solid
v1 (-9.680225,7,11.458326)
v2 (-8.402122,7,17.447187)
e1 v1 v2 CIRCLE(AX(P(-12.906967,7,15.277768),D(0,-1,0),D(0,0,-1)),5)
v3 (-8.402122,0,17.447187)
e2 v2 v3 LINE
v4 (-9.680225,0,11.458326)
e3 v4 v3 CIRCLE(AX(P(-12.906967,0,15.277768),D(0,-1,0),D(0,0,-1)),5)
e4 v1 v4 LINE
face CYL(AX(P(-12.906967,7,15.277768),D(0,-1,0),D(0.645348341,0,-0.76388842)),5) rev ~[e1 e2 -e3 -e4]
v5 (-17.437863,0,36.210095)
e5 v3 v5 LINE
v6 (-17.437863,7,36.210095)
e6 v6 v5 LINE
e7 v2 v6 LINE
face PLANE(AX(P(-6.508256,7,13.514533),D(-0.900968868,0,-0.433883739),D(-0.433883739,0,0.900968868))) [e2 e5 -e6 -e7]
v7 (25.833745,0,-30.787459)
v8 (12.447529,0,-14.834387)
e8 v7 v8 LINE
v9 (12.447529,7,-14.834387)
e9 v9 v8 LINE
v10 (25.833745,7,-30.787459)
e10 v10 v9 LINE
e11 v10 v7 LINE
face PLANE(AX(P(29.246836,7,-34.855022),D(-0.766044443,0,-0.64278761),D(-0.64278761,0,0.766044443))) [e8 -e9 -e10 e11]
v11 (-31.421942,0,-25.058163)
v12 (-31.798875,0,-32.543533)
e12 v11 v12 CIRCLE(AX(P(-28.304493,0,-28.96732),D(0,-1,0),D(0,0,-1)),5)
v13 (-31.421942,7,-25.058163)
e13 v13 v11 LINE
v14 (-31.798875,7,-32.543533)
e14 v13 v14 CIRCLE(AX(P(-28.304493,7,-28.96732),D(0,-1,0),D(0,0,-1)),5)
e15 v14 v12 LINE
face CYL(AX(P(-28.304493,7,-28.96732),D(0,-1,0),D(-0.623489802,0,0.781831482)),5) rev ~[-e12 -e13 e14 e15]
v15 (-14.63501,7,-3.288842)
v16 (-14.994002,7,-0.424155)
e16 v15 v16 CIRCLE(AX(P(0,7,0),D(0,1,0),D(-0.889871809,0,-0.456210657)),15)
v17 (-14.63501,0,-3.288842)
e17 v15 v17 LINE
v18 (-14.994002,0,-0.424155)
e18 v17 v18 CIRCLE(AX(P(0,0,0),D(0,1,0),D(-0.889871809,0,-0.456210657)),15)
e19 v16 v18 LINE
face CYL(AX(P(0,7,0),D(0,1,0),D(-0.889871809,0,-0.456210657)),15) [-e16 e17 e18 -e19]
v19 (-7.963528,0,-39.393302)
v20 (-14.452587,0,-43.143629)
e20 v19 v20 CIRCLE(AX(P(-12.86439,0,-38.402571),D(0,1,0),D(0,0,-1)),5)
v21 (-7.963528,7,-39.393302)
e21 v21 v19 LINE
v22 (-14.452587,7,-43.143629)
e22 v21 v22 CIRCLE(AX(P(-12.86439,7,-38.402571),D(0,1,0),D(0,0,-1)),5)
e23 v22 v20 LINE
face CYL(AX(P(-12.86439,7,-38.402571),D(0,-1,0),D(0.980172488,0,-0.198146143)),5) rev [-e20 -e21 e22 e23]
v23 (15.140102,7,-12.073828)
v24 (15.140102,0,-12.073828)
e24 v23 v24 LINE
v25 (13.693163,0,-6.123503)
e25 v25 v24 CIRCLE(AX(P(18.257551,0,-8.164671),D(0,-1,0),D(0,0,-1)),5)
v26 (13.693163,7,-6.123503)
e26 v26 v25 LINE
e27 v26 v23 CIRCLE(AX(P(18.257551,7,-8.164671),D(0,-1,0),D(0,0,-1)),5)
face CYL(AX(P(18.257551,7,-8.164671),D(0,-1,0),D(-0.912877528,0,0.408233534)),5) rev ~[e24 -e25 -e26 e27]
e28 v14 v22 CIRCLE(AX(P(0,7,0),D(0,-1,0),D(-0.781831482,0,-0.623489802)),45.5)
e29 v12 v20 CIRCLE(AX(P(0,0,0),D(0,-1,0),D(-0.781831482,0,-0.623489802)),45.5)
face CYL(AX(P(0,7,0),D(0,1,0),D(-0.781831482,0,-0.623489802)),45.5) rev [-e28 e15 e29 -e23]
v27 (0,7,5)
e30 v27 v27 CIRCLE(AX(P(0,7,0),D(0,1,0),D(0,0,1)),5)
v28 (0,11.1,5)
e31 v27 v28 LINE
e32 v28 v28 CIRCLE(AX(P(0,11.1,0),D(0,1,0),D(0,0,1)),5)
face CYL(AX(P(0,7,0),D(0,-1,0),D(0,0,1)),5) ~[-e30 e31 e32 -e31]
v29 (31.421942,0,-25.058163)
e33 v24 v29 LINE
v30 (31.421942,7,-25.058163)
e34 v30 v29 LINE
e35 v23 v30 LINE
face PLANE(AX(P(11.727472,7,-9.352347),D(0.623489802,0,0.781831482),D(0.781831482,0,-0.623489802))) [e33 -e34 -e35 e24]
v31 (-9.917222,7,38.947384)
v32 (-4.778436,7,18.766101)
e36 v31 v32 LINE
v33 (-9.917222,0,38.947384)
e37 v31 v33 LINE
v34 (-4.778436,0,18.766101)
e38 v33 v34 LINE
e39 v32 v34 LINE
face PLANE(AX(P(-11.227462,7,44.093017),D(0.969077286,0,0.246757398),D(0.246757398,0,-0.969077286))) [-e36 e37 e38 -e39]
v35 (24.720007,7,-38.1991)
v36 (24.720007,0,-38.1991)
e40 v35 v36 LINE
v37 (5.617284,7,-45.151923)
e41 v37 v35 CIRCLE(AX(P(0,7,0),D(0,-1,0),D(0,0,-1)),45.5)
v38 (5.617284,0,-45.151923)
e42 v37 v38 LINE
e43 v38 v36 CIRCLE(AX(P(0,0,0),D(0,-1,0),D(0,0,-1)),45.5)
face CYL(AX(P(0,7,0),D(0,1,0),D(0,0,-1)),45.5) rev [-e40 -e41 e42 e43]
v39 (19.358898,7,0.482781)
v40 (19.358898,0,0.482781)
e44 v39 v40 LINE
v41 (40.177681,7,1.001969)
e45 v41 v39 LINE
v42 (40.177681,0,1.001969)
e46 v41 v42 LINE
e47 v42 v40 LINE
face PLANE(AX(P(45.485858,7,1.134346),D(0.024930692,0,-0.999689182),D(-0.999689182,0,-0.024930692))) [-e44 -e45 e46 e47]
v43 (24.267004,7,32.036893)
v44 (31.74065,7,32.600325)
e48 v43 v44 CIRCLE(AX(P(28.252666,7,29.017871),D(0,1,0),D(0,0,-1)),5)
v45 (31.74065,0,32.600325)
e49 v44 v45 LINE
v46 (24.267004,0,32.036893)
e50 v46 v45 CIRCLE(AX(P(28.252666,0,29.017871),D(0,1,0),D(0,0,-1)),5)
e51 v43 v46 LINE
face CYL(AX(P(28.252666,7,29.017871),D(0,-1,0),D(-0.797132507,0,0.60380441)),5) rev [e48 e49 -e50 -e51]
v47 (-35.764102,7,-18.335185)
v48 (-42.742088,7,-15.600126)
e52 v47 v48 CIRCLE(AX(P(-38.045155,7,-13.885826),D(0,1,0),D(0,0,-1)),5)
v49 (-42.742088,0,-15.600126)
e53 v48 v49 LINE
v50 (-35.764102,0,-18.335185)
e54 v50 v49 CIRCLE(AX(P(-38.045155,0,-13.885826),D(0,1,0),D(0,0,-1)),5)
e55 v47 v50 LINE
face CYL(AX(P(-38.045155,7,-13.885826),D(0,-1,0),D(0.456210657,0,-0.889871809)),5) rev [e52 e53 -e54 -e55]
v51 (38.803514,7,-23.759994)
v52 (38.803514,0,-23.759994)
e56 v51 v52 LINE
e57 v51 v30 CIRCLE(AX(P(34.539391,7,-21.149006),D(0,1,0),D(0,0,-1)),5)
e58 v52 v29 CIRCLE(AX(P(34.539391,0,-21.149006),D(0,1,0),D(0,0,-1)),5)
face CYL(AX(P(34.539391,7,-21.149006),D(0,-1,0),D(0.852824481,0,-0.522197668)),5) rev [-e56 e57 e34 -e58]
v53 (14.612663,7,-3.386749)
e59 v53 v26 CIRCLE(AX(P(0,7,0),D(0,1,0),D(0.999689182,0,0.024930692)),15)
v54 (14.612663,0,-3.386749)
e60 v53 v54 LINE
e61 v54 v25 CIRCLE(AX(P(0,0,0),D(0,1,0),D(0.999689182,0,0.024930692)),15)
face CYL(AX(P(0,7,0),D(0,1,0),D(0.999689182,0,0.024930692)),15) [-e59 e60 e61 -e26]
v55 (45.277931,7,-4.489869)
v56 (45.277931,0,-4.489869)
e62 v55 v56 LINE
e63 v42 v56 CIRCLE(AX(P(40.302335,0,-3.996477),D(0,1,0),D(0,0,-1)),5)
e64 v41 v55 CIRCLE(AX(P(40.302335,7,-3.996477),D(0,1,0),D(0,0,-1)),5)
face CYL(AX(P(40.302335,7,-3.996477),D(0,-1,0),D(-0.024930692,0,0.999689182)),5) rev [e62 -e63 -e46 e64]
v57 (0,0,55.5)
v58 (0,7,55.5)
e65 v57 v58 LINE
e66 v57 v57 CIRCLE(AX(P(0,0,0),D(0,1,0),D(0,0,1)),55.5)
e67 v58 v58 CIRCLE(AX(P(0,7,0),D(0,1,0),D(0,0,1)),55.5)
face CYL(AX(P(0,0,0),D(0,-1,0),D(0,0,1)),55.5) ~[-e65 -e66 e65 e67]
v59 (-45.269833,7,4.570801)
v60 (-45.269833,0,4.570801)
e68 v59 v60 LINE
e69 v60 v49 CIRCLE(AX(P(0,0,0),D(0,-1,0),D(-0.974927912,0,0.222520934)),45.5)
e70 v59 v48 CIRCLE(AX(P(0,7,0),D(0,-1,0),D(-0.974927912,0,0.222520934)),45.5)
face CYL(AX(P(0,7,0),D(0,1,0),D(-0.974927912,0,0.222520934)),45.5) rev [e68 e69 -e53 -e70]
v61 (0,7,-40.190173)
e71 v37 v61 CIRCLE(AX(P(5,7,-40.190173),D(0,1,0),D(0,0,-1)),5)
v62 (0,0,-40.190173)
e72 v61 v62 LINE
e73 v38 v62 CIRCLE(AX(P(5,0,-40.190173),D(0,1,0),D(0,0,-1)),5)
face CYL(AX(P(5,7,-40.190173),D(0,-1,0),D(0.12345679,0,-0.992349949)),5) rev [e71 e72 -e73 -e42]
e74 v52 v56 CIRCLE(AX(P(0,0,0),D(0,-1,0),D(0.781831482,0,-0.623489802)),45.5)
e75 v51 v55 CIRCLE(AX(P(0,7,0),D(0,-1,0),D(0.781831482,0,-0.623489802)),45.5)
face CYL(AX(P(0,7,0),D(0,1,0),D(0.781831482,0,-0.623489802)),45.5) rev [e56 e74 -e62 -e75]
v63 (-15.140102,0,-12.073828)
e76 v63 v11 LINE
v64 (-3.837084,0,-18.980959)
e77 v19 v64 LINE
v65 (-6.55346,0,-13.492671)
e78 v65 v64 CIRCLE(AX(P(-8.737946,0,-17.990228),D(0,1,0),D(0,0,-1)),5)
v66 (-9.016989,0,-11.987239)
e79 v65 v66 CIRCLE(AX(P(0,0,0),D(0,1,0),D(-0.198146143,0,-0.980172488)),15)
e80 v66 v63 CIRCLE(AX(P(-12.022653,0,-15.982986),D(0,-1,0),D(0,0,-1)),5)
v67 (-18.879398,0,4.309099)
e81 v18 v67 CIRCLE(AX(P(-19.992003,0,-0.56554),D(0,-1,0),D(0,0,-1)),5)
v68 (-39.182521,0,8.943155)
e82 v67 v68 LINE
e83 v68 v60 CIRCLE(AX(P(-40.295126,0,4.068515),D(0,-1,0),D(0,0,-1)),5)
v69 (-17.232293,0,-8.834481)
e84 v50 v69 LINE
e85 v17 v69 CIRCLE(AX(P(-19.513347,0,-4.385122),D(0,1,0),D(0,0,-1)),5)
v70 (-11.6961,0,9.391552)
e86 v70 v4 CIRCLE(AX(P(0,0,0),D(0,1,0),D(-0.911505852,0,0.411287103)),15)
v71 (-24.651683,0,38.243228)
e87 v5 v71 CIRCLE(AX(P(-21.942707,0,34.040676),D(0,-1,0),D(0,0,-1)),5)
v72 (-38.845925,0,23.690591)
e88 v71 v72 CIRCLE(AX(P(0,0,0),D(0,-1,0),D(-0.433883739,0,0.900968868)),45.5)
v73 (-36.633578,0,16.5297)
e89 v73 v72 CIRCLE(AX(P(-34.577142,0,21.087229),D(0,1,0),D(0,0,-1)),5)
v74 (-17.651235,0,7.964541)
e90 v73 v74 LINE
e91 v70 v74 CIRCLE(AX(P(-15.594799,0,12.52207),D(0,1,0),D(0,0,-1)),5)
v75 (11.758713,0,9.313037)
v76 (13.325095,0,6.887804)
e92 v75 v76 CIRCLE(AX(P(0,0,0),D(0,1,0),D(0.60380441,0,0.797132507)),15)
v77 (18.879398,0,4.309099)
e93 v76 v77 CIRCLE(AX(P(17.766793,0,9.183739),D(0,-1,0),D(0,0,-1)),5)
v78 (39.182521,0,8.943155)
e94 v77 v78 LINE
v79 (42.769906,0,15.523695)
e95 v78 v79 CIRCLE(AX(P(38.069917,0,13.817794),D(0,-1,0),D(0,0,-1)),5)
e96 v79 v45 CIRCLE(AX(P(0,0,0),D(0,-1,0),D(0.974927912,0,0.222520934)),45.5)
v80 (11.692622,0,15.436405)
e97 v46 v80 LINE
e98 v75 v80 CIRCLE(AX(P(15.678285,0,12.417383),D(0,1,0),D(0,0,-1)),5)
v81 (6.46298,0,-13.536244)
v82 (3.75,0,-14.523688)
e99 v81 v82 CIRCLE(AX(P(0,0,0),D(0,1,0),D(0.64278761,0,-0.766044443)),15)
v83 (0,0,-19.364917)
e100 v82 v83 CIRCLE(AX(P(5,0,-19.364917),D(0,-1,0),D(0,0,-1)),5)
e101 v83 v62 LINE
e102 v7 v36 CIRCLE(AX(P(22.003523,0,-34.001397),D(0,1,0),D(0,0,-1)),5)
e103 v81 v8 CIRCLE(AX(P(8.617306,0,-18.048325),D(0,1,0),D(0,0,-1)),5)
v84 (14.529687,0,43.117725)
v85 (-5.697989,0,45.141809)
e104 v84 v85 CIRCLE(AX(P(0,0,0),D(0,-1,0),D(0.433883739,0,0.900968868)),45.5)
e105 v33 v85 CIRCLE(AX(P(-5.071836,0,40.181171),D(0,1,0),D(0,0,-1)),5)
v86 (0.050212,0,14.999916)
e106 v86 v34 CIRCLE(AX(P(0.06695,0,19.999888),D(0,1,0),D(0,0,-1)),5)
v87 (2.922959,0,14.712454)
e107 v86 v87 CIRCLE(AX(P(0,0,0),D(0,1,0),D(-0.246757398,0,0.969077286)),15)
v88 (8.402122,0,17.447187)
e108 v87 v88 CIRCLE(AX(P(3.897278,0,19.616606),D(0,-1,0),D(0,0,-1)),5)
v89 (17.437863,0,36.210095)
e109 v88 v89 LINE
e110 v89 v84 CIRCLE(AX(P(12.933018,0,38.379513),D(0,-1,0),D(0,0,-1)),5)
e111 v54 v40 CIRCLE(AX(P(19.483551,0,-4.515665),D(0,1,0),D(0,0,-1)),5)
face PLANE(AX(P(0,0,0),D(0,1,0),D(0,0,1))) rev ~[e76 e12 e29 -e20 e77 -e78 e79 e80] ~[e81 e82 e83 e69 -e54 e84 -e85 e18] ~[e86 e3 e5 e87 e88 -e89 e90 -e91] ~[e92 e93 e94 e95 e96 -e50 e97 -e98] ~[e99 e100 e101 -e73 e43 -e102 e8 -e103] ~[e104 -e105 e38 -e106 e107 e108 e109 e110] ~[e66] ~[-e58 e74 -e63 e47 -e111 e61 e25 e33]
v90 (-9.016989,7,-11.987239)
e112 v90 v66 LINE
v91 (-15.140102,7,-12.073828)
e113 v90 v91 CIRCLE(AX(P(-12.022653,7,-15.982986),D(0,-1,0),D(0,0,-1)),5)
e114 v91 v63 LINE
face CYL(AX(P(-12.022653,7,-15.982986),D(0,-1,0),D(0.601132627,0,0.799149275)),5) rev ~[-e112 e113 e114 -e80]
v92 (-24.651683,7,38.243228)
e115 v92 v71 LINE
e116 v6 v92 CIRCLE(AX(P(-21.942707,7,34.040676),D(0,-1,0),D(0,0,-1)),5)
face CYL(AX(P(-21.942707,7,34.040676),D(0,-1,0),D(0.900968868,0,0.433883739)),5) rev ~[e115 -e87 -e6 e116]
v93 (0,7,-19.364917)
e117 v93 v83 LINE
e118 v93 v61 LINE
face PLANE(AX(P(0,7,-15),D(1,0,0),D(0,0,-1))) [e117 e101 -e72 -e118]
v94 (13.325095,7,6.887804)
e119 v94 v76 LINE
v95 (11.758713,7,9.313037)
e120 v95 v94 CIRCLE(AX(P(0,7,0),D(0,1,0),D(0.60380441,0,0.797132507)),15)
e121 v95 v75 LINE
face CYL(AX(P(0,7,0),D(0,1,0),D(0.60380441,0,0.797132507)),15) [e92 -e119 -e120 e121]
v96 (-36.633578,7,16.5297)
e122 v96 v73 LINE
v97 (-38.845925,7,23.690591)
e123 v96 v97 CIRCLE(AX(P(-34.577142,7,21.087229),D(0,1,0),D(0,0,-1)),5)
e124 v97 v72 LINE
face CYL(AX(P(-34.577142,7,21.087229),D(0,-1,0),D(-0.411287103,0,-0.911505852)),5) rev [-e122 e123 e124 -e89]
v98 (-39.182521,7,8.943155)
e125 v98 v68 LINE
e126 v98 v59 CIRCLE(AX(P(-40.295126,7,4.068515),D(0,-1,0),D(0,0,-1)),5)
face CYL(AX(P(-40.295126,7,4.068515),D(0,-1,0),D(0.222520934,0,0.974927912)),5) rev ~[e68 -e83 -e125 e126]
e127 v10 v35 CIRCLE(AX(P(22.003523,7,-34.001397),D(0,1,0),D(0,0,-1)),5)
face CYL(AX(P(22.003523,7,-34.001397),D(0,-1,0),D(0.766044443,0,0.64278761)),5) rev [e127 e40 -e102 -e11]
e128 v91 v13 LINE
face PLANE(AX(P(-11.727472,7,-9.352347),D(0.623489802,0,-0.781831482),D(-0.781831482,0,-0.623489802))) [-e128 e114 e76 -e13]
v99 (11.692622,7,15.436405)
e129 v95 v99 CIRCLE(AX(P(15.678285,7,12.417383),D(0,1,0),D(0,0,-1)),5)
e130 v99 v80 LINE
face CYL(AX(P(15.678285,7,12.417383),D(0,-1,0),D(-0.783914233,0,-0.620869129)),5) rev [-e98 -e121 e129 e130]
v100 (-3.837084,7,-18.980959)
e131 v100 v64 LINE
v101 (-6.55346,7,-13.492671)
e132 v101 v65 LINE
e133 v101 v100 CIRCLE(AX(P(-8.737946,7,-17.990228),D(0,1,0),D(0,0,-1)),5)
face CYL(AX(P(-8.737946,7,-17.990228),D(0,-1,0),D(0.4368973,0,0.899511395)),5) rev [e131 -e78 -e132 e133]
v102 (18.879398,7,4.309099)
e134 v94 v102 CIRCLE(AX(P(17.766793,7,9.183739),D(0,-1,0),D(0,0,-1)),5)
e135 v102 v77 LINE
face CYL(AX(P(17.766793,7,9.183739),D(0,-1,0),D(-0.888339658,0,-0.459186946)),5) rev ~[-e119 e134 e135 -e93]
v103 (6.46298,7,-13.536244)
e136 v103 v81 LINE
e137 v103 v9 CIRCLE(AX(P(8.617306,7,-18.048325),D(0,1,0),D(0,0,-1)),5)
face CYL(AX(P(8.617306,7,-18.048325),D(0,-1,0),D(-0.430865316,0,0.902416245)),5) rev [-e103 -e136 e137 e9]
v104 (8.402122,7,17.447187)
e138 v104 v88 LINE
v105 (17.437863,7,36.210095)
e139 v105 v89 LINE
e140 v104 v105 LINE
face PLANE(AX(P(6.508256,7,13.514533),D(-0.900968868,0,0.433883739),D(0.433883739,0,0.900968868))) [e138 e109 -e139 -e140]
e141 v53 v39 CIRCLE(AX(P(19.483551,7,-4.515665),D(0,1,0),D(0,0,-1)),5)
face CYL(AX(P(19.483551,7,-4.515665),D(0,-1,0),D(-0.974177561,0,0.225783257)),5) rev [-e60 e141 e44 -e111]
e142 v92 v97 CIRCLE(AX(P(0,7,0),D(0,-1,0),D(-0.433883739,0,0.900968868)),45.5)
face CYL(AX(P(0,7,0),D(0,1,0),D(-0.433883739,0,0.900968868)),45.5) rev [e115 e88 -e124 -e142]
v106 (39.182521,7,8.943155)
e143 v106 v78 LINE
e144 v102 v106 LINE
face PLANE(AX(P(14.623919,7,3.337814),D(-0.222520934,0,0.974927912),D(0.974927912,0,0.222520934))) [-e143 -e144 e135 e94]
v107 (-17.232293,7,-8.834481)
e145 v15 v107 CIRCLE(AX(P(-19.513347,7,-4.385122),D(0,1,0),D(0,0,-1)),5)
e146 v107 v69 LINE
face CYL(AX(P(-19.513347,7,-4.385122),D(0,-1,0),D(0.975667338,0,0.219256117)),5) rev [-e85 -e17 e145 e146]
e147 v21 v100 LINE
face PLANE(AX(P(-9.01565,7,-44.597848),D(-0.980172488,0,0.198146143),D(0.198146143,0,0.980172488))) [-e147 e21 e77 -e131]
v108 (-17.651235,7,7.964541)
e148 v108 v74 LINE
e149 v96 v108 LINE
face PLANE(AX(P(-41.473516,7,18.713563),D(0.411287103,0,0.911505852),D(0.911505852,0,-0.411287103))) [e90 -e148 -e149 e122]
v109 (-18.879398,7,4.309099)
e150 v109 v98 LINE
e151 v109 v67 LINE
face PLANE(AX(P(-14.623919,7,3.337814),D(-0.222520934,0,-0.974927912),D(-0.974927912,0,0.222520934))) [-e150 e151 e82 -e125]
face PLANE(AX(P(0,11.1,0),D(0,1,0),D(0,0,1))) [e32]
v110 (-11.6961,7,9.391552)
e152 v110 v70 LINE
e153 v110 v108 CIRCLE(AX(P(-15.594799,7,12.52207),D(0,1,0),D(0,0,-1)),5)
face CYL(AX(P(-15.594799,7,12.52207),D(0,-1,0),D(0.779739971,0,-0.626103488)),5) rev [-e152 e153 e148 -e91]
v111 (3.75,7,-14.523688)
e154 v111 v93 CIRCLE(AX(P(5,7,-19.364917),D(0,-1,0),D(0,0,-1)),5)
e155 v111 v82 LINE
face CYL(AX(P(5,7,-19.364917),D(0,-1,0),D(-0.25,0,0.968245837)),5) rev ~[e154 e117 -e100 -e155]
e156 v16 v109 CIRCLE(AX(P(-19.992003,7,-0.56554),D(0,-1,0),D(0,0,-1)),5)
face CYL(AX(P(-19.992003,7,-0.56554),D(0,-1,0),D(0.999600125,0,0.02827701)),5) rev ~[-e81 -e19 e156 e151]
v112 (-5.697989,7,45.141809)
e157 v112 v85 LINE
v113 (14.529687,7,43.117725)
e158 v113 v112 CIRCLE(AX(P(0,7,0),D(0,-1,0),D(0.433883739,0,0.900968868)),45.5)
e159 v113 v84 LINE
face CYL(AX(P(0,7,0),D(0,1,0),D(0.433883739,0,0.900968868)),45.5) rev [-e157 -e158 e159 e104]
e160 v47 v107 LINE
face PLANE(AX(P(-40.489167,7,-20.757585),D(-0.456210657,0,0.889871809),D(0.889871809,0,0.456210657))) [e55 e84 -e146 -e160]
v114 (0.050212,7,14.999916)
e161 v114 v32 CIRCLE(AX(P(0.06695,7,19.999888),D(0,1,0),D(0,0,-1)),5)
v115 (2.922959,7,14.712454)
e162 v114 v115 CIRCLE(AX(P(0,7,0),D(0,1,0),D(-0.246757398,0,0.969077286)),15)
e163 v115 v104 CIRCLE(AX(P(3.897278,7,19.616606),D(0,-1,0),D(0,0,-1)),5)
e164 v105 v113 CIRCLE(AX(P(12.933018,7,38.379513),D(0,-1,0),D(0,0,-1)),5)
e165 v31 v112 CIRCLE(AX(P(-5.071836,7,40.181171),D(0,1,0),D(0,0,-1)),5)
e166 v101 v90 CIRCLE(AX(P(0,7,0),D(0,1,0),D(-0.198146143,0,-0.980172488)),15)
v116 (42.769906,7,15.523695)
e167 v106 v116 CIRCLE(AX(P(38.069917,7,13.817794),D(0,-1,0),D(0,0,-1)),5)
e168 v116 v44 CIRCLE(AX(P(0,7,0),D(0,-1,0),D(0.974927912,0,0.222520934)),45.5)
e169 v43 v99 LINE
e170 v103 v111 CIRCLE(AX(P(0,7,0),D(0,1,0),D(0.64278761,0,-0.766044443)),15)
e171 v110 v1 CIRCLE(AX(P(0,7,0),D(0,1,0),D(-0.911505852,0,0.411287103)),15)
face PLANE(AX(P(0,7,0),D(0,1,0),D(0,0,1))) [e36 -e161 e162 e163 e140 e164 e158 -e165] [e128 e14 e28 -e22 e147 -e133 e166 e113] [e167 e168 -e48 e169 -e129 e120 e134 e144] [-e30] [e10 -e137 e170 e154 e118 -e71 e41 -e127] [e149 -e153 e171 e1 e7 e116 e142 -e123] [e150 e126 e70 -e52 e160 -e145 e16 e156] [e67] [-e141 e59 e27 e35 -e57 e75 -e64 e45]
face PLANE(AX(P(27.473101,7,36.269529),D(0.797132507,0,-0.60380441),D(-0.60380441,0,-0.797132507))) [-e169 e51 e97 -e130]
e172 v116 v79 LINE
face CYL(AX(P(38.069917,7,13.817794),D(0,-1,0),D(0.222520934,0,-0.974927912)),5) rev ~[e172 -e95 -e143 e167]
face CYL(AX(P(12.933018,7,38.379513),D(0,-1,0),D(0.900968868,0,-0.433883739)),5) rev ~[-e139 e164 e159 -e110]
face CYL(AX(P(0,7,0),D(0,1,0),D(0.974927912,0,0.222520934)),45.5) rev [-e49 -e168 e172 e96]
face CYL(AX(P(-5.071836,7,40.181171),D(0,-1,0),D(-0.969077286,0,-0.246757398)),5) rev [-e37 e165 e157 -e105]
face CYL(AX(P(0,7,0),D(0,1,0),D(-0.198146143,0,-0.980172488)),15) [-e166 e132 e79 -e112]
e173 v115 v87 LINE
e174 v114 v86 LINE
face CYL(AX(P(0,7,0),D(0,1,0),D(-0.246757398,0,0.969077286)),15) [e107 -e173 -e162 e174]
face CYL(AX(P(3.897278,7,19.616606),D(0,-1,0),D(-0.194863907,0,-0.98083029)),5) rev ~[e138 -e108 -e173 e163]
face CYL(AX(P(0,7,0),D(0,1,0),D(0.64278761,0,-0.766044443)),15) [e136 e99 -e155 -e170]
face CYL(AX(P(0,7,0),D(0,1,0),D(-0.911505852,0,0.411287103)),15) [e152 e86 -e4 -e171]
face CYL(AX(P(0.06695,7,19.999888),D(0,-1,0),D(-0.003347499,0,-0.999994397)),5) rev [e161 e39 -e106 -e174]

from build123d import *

# Parameters (mm, degrees)
SKETCH1_R                = 55.5
BOSS_EXTRUDE1_DEPTH      = 7
CUT_EXTRUDE1_DEPTH       = 7
FILLET1_R                = 5
CIRPATTERN1_COUNT        = 7
FILLET1_OF_CIRPATTERN1_R = 5
SKETCH3_R                = 5
BOSS_EXTRUDE2_DEPTH      = 4.1


with BuildPart() as part:
    # Sketch1 → Boss-Extrude1 (new body)
    with BuildSketch(Plane(origin=(0, 0, 0), x_dir=(1, 0, 0), z_dir=(0, 1, 0))):
        with Locations(Location((0, 0, 0), (0, 0, 270))):
            Circle(SKETCH1_R)
    extrude(amount=BOSS_EXTRUDE1_DEPTH)

    # Sketch2 → Cut-Extrude1 (cut)
    with BuildSketch(Plane(origin=(0, 7, 0), x_dir=(1, 0, 0), z_dir=(0, 1, 0))):
        with BuildLine():
            Line((0, 15), (0, 45.5))
            ThreePointArc((0, 45.5), (15.561916521, 42.756014246), (29.246836241, 34.855022162))
            Line((29.246836241, 34.855022162), (9.641814145, 11.490666647))
            ThreePointArc((9.641814145, 11.490666647), (5.13030215, 14.095389312), (0, 15))
        make_face()
    cut_extrude1 = extrude(amount=-CUT_EXTRUDE1_DEPTH, mode=Mode.SUBTRACT)

    # Fillet1
    fillet1_edges = [part.edges().sort_by_distance(p)[0] for p in [
        (9.641814145, 3.5, -11.490666647),
        (0, 3.5, -15),
        (0, 3.5, -45.5),
        (29.246836241, 3.5, -34.855022162),
    ]]
    fillet(fillet1_edges, radius=FILLET1_R)

    # CirPattern1: Cut-Extrude1 ×7 about axis
    cirpattern1_axis = Axis((0, 0, 0), (0, 1, 0))
    for i in range(1, CIRPATTERN1_COUNT):
        add(cut_extrude1.rotate(cirpattern1_axis, i * 360 / CIRPATTERN1_COUNT), mode=Mode.SUBTRACT)

    # Fillet1 of CirPattern1
    fillet1_of_cirpattern1_edges = [part.edges().sort_by_distance(p)[0] for p in [
        (-2.972192148, 3.5, -14.702587318),
        (-11.727472237, 3.5, -9.352347028),
        (-35.573332452, 3.5, -28.368785985),
        (-9.015649516, 3.5, -44.597848197),
        (-13.348077132, 3.5, -6.84315986),
        (-14.623918683, 3.5, 3.337814009),
        (-44.359220004, 3.5, 10.124702495),
        (-40.489167301, 3.5, -20.75758491),
        (-13.672587785, 3.5, 6.169306547),
        (-6.508256087, 3.5, 13.514533019),
        (-19.74171013, 3.5, 40.99408349),
        (-41.47351628, 3.5, 18.713563192),
        (-3.701360965, 3.5, 14.536159293),
        (6.508256087, 3.5, 13.514533019),
        (19.74171013, 3.5, 40.99408349),
        (-11.227461595, 3.5, 44.093016523),
        (9.057066155, 3.5, 11.956987608),
        (14.623918683, 3.5, 3.337814009),
        (44.359220004, 3.5, 10.124702495),
        (27.47310067, 3.5, 36.269529079),
        (14.99533773, 3.5, 0.373960376),
        (11.727472237, 3.5, -9.352347028),
        (35.573332452, 3.5, -28.368785985),
        (45.485857781, 3.5, 1.134346474),
    ]]
    fillet(fillet1_of_cirpattern1_edges, radius=FILLET1_OF_CIRPATTERN1_R)

    # Sketch3 → Boss-Extrude2 (add)
    with BuildSketch(Plane(origin=(0, 7, 0), x_dir=(1, 0, 0), z_dir=(0, 1, 0))):
        with Locations(Location((0, 0, 0), (0, 0, 270))):
            Circle(SKETCH3_R)
    extrude(amount=BOSS_EXTRUDE2_DEPTH)


solid = part.part
